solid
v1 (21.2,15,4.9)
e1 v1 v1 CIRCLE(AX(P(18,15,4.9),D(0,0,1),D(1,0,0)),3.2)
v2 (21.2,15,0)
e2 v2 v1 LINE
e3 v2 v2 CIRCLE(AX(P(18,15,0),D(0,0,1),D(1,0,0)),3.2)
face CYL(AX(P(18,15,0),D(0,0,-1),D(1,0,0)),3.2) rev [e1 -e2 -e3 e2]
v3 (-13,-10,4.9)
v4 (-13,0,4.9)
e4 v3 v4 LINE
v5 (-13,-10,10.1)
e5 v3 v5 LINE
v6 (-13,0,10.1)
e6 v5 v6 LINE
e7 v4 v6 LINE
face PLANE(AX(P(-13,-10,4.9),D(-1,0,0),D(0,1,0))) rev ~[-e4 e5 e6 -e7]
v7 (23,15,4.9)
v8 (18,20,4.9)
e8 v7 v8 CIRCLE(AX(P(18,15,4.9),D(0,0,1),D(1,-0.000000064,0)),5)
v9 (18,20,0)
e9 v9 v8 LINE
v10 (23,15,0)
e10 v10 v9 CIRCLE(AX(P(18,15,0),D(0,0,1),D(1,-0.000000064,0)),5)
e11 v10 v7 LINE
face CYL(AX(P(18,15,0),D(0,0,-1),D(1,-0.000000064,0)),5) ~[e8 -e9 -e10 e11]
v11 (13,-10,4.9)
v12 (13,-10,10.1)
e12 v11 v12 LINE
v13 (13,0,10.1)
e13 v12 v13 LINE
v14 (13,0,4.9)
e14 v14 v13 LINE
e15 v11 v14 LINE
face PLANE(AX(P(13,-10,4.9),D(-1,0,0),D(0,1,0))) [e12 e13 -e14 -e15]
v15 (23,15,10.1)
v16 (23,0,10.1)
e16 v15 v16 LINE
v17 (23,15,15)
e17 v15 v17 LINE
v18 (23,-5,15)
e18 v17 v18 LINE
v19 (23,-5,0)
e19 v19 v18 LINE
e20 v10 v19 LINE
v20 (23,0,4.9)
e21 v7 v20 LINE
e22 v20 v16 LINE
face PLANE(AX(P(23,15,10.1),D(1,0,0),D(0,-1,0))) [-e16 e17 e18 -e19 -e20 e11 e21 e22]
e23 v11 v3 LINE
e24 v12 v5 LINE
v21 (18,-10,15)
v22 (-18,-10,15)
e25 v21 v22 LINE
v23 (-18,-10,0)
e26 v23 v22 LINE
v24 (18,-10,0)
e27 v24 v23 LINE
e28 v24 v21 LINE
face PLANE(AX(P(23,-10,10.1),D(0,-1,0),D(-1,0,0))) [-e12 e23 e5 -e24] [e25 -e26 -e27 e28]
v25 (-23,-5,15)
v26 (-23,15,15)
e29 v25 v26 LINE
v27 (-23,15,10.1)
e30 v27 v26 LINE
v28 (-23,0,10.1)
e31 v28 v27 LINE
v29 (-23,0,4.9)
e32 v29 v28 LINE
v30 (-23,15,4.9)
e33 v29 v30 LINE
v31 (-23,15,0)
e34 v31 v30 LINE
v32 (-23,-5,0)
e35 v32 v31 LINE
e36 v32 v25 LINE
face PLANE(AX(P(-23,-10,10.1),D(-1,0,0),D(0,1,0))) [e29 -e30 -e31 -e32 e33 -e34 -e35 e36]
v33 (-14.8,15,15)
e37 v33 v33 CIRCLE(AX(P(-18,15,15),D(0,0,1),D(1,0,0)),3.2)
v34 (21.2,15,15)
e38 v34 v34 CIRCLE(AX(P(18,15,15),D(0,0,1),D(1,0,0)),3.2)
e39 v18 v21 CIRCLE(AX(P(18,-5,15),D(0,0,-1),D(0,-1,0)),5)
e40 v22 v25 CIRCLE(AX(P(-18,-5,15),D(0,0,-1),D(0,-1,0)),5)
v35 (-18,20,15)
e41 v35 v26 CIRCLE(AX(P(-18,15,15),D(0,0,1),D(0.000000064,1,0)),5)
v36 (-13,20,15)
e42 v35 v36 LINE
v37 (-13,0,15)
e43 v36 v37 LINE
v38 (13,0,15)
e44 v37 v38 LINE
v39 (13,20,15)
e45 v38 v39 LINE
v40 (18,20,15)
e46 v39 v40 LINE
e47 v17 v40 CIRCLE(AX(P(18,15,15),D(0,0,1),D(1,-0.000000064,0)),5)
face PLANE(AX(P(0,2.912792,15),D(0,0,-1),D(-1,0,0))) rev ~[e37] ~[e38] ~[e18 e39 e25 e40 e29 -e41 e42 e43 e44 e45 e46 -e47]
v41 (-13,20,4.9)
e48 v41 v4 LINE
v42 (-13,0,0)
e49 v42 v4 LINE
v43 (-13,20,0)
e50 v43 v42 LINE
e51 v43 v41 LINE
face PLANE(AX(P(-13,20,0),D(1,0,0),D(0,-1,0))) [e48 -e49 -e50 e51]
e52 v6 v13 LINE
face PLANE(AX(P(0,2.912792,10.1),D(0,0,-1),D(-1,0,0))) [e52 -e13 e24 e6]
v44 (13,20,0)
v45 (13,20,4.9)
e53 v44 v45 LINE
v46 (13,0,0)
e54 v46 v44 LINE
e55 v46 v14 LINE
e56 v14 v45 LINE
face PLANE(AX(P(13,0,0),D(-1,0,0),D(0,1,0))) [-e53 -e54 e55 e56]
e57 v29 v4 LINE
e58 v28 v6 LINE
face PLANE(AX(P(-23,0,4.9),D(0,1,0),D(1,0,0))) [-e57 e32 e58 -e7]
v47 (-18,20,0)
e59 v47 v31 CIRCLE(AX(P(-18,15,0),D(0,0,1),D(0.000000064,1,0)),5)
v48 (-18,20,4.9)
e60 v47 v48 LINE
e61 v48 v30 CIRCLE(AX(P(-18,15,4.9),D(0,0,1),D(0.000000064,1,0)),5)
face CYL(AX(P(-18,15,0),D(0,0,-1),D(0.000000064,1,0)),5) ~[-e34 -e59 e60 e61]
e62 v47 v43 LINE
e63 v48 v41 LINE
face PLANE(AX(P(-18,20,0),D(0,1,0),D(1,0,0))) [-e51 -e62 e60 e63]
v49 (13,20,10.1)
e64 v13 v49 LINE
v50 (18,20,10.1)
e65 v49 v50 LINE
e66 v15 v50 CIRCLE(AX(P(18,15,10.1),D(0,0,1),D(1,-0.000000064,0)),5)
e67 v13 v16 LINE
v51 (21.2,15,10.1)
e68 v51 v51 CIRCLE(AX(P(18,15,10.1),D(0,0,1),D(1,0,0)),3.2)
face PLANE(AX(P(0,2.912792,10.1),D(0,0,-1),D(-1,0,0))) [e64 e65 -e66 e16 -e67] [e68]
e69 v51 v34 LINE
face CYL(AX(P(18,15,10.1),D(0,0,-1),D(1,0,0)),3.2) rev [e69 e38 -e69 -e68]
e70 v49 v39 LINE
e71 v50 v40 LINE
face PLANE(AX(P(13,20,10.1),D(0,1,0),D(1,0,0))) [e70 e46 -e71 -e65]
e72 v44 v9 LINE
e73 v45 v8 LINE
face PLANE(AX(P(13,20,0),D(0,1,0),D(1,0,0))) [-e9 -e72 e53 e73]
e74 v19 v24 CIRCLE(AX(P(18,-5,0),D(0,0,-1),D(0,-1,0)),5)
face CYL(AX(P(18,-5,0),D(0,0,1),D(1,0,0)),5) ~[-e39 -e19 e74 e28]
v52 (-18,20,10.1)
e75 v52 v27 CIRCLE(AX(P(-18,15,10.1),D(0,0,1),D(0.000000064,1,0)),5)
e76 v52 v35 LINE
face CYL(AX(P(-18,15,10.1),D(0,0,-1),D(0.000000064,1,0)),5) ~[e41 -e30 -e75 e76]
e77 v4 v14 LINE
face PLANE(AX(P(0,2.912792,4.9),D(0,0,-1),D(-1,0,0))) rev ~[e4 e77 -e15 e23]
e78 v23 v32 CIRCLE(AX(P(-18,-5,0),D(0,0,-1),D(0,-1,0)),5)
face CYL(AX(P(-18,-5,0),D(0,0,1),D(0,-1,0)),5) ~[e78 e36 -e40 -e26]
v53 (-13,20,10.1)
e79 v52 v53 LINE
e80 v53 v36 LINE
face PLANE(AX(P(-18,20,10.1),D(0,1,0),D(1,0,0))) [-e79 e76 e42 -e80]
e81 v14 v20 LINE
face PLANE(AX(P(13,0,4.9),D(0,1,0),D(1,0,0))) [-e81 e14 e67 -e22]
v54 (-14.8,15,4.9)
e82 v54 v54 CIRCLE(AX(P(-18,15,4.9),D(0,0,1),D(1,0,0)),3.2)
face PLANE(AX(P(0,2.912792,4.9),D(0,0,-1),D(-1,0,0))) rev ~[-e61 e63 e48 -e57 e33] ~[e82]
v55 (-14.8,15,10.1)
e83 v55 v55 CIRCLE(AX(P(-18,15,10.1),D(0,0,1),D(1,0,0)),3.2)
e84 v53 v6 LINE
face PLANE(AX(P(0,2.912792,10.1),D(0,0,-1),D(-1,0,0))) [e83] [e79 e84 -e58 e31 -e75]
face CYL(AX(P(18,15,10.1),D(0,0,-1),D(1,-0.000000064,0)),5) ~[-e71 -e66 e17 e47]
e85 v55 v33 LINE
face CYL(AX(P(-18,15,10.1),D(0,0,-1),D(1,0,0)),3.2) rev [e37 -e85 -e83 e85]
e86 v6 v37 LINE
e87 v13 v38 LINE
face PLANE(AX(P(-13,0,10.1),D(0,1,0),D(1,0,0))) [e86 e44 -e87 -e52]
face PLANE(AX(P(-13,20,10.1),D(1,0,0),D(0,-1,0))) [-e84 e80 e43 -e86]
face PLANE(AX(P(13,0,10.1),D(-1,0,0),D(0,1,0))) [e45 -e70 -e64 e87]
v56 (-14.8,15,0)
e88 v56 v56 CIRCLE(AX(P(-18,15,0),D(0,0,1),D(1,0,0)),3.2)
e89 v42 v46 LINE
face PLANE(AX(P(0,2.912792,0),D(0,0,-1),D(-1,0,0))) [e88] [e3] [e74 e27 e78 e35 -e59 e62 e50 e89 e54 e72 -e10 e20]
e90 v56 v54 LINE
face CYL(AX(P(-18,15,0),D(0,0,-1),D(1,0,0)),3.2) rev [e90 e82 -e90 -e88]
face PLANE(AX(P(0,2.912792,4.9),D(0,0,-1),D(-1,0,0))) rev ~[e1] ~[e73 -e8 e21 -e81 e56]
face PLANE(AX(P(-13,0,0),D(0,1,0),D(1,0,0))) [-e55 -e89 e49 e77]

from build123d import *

# Parameters (mm, degrees)
SKETCH006_R  = 3.2
PAD004_DEPTH = 4.9
SKETCH007_W  = 10
SKETCH007_H  = 10
PAD005_DEPTH = 5.2
SKETCH010_R  = 3.2
PAD006_DEPTH = 4.9
FILLET005_R  = 5


with BuildPart() as part:
    # Sketch006 → Pad004 (new body)
    with BuildSketch(Plane.XY):
        with BuildLine():
            Line((-18, 20), (-13, 20))
            Line((-13, 20), (-13, 0))
            Line((-13, 0), (13, 0))
            Line((13, 0), (13, 20))
            Line((13, 20), (18, 20))
            ThreePointArc((23, 15), (21.535534, 18.535534), (18, 20))
            Line((23, 15), (23, -10))
            Line((23, -10), (-23, -10))
            Line((-23, -10), (-23, 15))
            ThreePointArc((-18, 20), (-21.535534, 18.535534), (-23, 15))
        make_face()
        with Locations((-18, 15)):
            Circle(SKETCH006_R, mode=Mode.SUBTRACT)
        with Locations((18, 15)):
            Circle(SKETCH006_R, mode=Mode.SUBTRACT)
    extrude(amount=PAD004_DEPTH)

    # Sketch007 → Pad005 (new body)
    with BuildSketch(Plane.XY.offset(4.9)):
        with Locations((-18, -5)):
            Rectangle(SKETCH007_W, SKETCH007_H)
        with Locations((18, -5)):
            Rectangle(SKETCH007_W, SKETCH007_H)
    extrude(amount=PAD005_DEPTH)

    # Sketch010 → Pad006 (new body)
    with BuildSketch(Plane.XY.offset(10.1)):
        with BuildLine():
            Line((-18, 20), (-13, 20))
            Line((-13, 20), (-13, 0))
            Line((-13, 0), (13, 0))
            Line((13, 0), (13, 20))
            Line((13, 20), (18, 20))
            ThreePointArc((23, 15), (21.535534, 18.535534), (18, 20))
            Line((23, 15), (23, -10))
            Line((23, -10), (-23, -10))
            Line((-23, -10), (-23, 15))
            ThreePointArc((-18, 20), (-21.535534, 18.535534), (-23, 15))
        make_face()
        with Locations((-18, 15)):
            Circle(SKETCH010_R, mode=Mode.SUBTRACT)
        with Locations((18, 15)):
            Circle(SKETCH010_R, mode=Mode.SUBTRACT)
    extrude(amount=PAD006_DEPTH)

    # Fillet005
    fillet005_edges = [part.edges().sort_by_distance(p)[0] for p in [
        (23, -10, 12.55),
        (23, -10, 7.5),
        (23, -10, 2.45),
        (-23, -10, 2.45),
        (-23, -10, 7.5),
        (-23, -10, 12.55),
    ]]
    fillet(fillet005_edges, radius=FILLET005_R)


solid = part.part
